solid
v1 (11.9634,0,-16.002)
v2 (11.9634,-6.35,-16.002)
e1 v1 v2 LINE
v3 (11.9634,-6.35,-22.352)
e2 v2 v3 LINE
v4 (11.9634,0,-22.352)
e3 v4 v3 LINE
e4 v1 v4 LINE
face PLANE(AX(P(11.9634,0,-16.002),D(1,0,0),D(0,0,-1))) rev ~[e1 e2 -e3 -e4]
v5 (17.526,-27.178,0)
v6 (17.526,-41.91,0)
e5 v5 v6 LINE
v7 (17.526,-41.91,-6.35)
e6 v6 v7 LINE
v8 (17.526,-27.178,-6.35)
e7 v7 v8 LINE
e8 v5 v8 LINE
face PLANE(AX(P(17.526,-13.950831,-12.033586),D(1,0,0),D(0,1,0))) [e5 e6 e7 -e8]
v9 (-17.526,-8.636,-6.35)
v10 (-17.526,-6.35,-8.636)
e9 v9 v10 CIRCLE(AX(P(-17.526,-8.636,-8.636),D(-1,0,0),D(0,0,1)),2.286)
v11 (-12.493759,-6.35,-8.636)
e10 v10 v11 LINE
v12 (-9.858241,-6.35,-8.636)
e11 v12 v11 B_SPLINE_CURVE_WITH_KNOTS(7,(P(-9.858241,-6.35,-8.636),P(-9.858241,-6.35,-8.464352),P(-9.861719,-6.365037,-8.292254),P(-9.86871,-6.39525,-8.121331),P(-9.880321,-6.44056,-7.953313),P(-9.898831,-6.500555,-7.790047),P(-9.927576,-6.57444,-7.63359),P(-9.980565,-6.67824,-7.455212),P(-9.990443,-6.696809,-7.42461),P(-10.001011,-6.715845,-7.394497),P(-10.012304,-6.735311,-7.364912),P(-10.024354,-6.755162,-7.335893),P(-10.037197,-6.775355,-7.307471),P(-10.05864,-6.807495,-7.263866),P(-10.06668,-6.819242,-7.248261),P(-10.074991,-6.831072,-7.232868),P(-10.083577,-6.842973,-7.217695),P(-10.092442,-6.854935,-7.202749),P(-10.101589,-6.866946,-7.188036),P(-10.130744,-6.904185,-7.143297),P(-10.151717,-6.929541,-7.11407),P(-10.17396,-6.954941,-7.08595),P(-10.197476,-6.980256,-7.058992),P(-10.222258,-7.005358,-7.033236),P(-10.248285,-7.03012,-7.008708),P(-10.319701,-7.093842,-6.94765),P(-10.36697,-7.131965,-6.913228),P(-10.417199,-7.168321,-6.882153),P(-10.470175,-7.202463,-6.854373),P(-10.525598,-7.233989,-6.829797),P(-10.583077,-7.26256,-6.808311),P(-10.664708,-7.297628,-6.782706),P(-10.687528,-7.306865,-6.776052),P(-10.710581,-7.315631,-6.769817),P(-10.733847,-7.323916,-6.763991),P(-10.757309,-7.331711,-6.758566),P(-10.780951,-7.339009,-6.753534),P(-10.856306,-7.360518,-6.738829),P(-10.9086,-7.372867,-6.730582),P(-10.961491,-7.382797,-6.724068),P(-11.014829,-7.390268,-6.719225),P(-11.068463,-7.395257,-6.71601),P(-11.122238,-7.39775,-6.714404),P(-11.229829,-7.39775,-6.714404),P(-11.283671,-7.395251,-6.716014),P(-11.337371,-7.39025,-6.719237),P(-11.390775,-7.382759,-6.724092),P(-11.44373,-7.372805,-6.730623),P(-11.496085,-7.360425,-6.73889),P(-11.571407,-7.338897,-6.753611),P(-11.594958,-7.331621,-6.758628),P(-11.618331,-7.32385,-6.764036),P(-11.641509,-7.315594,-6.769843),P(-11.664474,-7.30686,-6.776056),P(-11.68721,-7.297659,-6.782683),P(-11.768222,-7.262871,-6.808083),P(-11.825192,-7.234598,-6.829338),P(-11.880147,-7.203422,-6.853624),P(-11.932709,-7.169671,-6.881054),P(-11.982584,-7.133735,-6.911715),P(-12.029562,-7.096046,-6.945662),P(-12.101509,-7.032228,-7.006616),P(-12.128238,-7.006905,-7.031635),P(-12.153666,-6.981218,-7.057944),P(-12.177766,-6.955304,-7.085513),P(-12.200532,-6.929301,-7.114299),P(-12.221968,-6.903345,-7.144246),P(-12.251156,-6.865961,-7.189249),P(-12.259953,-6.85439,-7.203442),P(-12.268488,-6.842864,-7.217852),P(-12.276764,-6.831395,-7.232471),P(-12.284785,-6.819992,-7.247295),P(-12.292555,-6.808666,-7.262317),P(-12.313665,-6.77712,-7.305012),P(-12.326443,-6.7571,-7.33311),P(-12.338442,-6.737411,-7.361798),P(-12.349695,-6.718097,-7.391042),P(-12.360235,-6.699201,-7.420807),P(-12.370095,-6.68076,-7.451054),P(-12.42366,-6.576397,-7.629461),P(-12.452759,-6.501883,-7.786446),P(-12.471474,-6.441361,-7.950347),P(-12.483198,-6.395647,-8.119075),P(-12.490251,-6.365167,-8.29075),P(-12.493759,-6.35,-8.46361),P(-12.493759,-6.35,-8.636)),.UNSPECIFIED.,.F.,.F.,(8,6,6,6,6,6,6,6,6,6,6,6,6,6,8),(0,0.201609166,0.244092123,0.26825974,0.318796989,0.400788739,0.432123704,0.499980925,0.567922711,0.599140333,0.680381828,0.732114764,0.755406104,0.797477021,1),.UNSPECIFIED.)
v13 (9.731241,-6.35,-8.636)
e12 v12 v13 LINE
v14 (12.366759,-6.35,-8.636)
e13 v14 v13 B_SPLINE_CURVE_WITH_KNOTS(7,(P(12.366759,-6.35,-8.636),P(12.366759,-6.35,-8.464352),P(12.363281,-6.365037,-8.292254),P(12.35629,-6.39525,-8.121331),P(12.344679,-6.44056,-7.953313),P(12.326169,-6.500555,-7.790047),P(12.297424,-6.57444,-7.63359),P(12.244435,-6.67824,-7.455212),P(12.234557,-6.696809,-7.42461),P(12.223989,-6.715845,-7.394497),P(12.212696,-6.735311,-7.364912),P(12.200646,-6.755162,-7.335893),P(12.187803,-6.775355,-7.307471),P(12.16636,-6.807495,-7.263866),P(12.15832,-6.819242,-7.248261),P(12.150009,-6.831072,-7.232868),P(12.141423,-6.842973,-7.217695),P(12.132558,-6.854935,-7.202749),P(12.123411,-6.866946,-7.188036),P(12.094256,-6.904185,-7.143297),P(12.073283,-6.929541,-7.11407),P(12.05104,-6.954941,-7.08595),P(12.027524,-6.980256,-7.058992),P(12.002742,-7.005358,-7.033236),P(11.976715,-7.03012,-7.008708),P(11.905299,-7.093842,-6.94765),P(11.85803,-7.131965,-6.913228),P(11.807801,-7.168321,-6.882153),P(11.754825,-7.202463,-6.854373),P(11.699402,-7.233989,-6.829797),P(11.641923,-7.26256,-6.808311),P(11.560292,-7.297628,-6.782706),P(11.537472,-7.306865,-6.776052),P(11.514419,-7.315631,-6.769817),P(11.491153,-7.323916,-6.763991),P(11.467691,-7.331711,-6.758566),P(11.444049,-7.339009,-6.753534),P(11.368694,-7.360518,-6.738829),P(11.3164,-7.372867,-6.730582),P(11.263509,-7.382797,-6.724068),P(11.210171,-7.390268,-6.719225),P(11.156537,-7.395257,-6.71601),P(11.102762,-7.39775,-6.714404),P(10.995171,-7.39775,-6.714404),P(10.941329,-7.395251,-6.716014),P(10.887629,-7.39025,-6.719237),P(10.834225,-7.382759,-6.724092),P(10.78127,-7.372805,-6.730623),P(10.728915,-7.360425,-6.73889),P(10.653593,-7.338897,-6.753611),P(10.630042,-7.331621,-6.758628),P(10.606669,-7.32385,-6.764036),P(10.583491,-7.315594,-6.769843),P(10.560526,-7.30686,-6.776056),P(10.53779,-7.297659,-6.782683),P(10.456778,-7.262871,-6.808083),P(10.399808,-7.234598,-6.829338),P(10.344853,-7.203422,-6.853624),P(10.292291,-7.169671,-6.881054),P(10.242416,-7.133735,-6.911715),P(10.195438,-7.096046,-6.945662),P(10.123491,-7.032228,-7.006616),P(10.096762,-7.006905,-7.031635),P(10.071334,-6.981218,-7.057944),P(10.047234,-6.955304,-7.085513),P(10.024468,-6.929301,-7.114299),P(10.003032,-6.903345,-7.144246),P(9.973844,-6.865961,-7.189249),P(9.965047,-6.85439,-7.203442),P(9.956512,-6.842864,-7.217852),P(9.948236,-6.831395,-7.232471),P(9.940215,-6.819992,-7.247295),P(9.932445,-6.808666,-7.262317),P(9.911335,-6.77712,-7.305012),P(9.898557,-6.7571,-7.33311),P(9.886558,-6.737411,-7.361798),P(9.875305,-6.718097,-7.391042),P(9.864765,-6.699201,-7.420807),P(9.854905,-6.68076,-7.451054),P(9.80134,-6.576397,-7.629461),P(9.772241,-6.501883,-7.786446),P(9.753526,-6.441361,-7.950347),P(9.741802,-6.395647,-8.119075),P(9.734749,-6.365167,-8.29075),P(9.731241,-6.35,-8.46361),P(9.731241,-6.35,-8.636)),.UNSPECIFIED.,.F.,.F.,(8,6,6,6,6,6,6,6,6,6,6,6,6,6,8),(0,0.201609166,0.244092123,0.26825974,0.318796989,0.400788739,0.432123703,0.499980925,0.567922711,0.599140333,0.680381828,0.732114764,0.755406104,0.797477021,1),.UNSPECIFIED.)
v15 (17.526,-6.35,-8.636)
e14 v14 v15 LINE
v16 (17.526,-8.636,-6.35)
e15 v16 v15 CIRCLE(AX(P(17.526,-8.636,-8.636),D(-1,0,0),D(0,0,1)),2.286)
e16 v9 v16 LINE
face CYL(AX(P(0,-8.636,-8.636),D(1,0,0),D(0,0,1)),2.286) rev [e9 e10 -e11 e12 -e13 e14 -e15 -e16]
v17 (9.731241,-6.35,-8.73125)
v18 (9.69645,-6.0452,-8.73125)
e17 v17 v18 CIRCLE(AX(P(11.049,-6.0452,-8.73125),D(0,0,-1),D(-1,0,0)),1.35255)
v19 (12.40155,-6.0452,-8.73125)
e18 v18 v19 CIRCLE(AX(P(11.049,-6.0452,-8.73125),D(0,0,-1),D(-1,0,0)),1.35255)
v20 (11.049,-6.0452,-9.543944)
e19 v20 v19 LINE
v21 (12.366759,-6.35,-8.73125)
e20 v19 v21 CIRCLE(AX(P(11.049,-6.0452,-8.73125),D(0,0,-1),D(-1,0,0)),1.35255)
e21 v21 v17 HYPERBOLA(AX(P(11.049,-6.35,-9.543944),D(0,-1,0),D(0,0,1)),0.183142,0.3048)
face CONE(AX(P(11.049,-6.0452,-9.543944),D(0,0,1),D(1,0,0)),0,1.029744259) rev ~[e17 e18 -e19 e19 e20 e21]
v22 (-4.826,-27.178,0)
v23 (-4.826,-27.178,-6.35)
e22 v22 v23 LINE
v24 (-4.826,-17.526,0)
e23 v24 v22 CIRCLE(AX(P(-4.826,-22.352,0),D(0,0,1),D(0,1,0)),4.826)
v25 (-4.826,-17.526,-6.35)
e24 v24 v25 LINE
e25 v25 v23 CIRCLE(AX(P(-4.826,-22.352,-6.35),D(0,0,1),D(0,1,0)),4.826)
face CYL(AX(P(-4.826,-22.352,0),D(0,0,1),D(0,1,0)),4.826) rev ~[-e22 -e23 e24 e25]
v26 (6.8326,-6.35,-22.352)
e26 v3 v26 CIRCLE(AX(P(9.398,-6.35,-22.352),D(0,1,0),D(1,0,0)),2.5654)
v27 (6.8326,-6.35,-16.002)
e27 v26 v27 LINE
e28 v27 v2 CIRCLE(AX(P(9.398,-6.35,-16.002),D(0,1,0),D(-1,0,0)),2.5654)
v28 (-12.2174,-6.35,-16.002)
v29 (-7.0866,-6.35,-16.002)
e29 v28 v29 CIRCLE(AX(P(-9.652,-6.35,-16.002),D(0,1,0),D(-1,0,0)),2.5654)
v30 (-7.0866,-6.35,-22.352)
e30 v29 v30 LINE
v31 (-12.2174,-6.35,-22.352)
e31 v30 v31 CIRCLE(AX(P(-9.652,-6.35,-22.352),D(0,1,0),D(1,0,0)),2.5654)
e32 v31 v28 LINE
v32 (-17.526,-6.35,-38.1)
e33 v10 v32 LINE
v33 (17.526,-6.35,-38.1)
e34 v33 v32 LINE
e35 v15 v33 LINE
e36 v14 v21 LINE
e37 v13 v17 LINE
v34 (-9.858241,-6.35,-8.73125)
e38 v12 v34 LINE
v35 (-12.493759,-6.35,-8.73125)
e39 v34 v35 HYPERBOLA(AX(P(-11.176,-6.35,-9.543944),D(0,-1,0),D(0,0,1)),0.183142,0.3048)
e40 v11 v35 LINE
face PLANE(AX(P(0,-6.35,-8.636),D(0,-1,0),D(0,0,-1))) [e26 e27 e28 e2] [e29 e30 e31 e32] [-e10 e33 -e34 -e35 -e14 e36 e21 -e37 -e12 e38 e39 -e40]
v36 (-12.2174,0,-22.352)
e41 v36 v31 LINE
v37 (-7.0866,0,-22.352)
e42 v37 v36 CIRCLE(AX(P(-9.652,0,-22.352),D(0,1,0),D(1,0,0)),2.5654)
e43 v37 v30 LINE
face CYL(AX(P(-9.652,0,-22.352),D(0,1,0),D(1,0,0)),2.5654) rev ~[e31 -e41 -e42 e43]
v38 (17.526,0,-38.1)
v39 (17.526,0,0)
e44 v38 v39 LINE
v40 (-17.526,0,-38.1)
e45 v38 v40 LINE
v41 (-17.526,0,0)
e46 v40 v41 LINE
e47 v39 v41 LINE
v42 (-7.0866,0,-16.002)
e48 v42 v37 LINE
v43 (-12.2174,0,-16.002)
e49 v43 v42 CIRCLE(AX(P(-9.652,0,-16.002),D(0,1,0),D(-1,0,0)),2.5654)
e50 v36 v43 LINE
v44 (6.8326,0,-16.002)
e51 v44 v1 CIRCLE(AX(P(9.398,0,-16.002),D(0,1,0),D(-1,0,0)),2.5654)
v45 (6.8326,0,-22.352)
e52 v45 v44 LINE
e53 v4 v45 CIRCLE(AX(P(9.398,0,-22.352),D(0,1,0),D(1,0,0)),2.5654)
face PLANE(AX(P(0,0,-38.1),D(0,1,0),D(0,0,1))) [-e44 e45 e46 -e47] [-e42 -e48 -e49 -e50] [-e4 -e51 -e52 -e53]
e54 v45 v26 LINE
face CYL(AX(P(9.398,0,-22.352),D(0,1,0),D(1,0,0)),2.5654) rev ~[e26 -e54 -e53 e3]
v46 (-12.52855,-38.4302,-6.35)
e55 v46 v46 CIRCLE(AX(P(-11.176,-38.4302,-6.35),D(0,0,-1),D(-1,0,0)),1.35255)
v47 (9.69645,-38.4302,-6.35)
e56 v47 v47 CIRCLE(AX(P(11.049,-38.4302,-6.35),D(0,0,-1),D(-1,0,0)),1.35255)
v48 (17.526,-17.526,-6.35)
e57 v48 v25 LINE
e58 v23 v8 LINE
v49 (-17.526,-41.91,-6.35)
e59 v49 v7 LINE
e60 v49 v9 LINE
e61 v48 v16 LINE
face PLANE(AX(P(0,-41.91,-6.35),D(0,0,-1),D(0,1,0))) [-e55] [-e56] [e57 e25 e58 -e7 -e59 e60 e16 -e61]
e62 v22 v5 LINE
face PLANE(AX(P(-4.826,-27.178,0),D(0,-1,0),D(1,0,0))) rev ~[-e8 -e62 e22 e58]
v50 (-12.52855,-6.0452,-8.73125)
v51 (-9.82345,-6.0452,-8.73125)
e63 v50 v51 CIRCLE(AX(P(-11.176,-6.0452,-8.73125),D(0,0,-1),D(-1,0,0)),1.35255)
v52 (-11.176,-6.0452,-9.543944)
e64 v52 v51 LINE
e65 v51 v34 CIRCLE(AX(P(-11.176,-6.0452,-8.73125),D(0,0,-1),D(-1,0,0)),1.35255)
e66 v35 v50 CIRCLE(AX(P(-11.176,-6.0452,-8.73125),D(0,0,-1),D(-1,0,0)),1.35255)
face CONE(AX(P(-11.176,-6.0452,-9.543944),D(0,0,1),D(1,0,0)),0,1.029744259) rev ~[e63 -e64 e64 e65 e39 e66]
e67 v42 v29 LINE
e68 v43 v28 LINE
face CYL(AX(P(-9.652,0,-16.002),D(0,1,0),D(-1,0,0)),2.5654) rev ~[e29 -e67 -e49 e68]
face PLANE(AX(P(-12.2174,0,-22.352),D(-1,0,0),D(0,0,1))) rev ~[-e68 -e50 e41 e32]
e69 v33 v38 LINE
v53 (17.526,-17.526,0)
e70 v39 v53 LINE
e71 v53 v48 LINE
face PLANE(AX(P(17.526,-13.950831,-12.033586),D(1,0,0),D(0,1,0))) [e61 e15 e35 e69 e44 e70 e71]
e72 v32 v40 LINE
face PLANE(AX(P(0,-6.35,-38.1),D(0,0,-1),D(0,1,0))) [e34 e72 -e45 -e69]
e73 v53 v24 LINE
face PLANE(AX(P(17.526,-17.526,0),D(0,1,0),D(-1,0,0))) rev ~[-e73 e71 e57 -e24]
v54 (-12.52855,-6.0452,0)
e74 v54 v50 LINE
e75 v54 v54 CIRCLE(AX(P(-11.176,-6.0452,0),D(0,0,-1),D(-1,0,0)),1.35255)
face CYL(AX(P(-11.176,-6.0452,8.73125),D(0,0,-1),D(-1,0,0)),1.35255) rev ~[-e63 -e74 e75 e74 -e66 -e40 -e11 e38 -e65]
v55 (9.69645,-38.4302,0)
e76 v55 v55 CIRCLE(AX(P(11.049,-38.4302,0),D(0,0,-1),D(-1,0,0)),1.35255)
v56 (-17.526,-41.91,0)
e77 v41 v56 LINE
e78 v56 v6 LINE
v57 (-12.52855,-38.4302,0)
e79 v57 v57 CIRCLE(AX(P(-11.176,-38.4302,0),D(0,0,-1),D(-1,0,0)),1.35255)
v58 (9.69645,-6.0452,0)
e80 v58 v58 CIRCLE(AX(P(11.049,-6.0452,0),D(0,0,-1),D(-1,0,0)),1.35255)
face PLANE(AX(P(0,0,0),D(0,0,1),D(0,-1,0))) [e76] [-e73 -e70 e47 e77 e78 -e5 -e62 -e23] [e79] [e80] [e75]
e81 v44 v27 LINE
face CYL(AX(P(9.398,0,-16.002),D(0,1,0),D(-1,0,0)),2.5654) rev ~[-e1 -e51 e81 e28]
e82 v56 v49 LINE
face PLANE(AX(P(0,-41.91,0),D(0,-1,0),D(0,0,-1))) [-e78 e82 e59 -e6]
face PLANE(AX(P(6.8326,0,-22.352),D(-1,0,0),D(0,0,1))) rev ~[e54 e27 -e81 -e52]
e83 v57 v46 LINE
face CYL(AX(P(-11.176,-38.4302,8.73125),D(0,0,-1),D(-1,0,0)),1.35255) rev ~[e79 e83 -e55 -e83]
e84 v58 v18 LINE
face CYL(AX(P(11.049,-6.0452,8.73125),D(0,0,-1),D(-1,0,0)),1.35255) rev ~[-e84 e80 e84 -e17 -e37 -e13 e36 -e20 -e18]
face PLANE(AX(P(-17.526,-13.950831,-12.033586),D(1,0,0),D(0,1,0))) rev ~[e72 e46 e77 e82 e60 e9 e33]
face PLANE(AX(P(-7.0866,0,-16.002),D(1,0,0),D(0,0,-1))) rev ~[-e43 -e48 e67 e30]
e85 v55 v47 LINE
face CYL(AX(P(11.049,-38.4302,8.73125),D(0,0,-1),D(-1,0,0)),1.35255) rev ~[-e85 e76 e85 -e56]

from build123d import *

# Parameters (mm, degrees)
F1_DEPTH = 17.526
F3_DEPTH = 6.35
F5_D     = 2.7051
F5_DEPTH = 8.73125
F5_TIP   = 0.8126940303
F7_DEPTH = 6.35


with BuildPart() as f1:
    # F0 (on Right) → F1 (new body, symmetric)
    with BuildSketch(Plane.YZ):
        with BuildLine():
            Line((0, 0), (-41.91, 0))
            Line((-41.91, 0), (-41.91, -6.35))
            Line((-41.91, -6.35), (-8.636, -6.35))
            ThreePointArc((-8.636, -6.35), (-7.0195538982, -7.0195538982), (-6.35, -8.636))
            Line((-6.35, -8.636), (-6.35, -38.1))
            Line((-6.35, -38.1), (0, -38.1))
            Line((0, -38.1), (0, 0))
        make_face()
    extrude(amount=F1_DEPTH, both=True)

    # F2 (on face) → F3 (cut, through all)
    with BuildSketch(Plane.XY):
        with BuildLine():
            Line((17.526, -27.178), (17.526, -17.526))
            Line((17.526, -17.526), (-4.826, -17.526))
            ThreePointArc((-4.826, -17.526), (-9.652, -22.352), (-4.826, -27.178))
            Line((-4.826, -27.178), (17.526, -27.178))
        make_face()
    extrude(amount=-F3_DEPTH, mode=Mode.SUBTRACT)

    # F5
    with Locations(Plane.XY):
        with Locations((-11.176, -6.0452), (11.049, -6.0452), (-11.176, -38.4302), (11.049, -38.4302)):
            Hole(F5_D / 2, depth=F5_DEPTH)
            with Locations((0, 0, -(F5_DEPTH + F5_TIP / 2))):  # 118° drill point
                Cone(0, F5_D / 2, F5_TIP, mode=Mode.SUBTRACT)

    # F6 (on face) → F7 (cut, through all)
    with BuildSketch(Plane(origin=(0, 0, 0), x_dir=(-1, 0, 0), z_dir=(0, 1, 0))):
        with BuildLine():
            Line((12.2174, -22.352), (12.2174, -16.002))
            ThreePointArc((12.2174, -16.002), (9.652, -13.4366), (7.0866, -16.002))
            Line((7.0866, -16.002), (7.0866, -22.352))
            ThreePointArc((7.0866, -22.352), (9.652, -24.9174), (12.2174, -22.352))
        make_face()
        with BuildLine():
            Line((-6.8326, -22.352), (-6.8326, -16.002))
            ThreePointArc((-6.8326, -16.002), (-9.398, -13.4366), (-11.9634, -16.002))
            Line((-11.9634, -16.002), (-11.9634, -22.352))
            ThreePointArc((-11.9634, -22.352), (-9.398, -24.9174), (-6.8326, -22.352))
        make_face()
    extrude(amount=-F7_DEPTH, mode=Mode.SUBTRACT)


solid = f1.part
